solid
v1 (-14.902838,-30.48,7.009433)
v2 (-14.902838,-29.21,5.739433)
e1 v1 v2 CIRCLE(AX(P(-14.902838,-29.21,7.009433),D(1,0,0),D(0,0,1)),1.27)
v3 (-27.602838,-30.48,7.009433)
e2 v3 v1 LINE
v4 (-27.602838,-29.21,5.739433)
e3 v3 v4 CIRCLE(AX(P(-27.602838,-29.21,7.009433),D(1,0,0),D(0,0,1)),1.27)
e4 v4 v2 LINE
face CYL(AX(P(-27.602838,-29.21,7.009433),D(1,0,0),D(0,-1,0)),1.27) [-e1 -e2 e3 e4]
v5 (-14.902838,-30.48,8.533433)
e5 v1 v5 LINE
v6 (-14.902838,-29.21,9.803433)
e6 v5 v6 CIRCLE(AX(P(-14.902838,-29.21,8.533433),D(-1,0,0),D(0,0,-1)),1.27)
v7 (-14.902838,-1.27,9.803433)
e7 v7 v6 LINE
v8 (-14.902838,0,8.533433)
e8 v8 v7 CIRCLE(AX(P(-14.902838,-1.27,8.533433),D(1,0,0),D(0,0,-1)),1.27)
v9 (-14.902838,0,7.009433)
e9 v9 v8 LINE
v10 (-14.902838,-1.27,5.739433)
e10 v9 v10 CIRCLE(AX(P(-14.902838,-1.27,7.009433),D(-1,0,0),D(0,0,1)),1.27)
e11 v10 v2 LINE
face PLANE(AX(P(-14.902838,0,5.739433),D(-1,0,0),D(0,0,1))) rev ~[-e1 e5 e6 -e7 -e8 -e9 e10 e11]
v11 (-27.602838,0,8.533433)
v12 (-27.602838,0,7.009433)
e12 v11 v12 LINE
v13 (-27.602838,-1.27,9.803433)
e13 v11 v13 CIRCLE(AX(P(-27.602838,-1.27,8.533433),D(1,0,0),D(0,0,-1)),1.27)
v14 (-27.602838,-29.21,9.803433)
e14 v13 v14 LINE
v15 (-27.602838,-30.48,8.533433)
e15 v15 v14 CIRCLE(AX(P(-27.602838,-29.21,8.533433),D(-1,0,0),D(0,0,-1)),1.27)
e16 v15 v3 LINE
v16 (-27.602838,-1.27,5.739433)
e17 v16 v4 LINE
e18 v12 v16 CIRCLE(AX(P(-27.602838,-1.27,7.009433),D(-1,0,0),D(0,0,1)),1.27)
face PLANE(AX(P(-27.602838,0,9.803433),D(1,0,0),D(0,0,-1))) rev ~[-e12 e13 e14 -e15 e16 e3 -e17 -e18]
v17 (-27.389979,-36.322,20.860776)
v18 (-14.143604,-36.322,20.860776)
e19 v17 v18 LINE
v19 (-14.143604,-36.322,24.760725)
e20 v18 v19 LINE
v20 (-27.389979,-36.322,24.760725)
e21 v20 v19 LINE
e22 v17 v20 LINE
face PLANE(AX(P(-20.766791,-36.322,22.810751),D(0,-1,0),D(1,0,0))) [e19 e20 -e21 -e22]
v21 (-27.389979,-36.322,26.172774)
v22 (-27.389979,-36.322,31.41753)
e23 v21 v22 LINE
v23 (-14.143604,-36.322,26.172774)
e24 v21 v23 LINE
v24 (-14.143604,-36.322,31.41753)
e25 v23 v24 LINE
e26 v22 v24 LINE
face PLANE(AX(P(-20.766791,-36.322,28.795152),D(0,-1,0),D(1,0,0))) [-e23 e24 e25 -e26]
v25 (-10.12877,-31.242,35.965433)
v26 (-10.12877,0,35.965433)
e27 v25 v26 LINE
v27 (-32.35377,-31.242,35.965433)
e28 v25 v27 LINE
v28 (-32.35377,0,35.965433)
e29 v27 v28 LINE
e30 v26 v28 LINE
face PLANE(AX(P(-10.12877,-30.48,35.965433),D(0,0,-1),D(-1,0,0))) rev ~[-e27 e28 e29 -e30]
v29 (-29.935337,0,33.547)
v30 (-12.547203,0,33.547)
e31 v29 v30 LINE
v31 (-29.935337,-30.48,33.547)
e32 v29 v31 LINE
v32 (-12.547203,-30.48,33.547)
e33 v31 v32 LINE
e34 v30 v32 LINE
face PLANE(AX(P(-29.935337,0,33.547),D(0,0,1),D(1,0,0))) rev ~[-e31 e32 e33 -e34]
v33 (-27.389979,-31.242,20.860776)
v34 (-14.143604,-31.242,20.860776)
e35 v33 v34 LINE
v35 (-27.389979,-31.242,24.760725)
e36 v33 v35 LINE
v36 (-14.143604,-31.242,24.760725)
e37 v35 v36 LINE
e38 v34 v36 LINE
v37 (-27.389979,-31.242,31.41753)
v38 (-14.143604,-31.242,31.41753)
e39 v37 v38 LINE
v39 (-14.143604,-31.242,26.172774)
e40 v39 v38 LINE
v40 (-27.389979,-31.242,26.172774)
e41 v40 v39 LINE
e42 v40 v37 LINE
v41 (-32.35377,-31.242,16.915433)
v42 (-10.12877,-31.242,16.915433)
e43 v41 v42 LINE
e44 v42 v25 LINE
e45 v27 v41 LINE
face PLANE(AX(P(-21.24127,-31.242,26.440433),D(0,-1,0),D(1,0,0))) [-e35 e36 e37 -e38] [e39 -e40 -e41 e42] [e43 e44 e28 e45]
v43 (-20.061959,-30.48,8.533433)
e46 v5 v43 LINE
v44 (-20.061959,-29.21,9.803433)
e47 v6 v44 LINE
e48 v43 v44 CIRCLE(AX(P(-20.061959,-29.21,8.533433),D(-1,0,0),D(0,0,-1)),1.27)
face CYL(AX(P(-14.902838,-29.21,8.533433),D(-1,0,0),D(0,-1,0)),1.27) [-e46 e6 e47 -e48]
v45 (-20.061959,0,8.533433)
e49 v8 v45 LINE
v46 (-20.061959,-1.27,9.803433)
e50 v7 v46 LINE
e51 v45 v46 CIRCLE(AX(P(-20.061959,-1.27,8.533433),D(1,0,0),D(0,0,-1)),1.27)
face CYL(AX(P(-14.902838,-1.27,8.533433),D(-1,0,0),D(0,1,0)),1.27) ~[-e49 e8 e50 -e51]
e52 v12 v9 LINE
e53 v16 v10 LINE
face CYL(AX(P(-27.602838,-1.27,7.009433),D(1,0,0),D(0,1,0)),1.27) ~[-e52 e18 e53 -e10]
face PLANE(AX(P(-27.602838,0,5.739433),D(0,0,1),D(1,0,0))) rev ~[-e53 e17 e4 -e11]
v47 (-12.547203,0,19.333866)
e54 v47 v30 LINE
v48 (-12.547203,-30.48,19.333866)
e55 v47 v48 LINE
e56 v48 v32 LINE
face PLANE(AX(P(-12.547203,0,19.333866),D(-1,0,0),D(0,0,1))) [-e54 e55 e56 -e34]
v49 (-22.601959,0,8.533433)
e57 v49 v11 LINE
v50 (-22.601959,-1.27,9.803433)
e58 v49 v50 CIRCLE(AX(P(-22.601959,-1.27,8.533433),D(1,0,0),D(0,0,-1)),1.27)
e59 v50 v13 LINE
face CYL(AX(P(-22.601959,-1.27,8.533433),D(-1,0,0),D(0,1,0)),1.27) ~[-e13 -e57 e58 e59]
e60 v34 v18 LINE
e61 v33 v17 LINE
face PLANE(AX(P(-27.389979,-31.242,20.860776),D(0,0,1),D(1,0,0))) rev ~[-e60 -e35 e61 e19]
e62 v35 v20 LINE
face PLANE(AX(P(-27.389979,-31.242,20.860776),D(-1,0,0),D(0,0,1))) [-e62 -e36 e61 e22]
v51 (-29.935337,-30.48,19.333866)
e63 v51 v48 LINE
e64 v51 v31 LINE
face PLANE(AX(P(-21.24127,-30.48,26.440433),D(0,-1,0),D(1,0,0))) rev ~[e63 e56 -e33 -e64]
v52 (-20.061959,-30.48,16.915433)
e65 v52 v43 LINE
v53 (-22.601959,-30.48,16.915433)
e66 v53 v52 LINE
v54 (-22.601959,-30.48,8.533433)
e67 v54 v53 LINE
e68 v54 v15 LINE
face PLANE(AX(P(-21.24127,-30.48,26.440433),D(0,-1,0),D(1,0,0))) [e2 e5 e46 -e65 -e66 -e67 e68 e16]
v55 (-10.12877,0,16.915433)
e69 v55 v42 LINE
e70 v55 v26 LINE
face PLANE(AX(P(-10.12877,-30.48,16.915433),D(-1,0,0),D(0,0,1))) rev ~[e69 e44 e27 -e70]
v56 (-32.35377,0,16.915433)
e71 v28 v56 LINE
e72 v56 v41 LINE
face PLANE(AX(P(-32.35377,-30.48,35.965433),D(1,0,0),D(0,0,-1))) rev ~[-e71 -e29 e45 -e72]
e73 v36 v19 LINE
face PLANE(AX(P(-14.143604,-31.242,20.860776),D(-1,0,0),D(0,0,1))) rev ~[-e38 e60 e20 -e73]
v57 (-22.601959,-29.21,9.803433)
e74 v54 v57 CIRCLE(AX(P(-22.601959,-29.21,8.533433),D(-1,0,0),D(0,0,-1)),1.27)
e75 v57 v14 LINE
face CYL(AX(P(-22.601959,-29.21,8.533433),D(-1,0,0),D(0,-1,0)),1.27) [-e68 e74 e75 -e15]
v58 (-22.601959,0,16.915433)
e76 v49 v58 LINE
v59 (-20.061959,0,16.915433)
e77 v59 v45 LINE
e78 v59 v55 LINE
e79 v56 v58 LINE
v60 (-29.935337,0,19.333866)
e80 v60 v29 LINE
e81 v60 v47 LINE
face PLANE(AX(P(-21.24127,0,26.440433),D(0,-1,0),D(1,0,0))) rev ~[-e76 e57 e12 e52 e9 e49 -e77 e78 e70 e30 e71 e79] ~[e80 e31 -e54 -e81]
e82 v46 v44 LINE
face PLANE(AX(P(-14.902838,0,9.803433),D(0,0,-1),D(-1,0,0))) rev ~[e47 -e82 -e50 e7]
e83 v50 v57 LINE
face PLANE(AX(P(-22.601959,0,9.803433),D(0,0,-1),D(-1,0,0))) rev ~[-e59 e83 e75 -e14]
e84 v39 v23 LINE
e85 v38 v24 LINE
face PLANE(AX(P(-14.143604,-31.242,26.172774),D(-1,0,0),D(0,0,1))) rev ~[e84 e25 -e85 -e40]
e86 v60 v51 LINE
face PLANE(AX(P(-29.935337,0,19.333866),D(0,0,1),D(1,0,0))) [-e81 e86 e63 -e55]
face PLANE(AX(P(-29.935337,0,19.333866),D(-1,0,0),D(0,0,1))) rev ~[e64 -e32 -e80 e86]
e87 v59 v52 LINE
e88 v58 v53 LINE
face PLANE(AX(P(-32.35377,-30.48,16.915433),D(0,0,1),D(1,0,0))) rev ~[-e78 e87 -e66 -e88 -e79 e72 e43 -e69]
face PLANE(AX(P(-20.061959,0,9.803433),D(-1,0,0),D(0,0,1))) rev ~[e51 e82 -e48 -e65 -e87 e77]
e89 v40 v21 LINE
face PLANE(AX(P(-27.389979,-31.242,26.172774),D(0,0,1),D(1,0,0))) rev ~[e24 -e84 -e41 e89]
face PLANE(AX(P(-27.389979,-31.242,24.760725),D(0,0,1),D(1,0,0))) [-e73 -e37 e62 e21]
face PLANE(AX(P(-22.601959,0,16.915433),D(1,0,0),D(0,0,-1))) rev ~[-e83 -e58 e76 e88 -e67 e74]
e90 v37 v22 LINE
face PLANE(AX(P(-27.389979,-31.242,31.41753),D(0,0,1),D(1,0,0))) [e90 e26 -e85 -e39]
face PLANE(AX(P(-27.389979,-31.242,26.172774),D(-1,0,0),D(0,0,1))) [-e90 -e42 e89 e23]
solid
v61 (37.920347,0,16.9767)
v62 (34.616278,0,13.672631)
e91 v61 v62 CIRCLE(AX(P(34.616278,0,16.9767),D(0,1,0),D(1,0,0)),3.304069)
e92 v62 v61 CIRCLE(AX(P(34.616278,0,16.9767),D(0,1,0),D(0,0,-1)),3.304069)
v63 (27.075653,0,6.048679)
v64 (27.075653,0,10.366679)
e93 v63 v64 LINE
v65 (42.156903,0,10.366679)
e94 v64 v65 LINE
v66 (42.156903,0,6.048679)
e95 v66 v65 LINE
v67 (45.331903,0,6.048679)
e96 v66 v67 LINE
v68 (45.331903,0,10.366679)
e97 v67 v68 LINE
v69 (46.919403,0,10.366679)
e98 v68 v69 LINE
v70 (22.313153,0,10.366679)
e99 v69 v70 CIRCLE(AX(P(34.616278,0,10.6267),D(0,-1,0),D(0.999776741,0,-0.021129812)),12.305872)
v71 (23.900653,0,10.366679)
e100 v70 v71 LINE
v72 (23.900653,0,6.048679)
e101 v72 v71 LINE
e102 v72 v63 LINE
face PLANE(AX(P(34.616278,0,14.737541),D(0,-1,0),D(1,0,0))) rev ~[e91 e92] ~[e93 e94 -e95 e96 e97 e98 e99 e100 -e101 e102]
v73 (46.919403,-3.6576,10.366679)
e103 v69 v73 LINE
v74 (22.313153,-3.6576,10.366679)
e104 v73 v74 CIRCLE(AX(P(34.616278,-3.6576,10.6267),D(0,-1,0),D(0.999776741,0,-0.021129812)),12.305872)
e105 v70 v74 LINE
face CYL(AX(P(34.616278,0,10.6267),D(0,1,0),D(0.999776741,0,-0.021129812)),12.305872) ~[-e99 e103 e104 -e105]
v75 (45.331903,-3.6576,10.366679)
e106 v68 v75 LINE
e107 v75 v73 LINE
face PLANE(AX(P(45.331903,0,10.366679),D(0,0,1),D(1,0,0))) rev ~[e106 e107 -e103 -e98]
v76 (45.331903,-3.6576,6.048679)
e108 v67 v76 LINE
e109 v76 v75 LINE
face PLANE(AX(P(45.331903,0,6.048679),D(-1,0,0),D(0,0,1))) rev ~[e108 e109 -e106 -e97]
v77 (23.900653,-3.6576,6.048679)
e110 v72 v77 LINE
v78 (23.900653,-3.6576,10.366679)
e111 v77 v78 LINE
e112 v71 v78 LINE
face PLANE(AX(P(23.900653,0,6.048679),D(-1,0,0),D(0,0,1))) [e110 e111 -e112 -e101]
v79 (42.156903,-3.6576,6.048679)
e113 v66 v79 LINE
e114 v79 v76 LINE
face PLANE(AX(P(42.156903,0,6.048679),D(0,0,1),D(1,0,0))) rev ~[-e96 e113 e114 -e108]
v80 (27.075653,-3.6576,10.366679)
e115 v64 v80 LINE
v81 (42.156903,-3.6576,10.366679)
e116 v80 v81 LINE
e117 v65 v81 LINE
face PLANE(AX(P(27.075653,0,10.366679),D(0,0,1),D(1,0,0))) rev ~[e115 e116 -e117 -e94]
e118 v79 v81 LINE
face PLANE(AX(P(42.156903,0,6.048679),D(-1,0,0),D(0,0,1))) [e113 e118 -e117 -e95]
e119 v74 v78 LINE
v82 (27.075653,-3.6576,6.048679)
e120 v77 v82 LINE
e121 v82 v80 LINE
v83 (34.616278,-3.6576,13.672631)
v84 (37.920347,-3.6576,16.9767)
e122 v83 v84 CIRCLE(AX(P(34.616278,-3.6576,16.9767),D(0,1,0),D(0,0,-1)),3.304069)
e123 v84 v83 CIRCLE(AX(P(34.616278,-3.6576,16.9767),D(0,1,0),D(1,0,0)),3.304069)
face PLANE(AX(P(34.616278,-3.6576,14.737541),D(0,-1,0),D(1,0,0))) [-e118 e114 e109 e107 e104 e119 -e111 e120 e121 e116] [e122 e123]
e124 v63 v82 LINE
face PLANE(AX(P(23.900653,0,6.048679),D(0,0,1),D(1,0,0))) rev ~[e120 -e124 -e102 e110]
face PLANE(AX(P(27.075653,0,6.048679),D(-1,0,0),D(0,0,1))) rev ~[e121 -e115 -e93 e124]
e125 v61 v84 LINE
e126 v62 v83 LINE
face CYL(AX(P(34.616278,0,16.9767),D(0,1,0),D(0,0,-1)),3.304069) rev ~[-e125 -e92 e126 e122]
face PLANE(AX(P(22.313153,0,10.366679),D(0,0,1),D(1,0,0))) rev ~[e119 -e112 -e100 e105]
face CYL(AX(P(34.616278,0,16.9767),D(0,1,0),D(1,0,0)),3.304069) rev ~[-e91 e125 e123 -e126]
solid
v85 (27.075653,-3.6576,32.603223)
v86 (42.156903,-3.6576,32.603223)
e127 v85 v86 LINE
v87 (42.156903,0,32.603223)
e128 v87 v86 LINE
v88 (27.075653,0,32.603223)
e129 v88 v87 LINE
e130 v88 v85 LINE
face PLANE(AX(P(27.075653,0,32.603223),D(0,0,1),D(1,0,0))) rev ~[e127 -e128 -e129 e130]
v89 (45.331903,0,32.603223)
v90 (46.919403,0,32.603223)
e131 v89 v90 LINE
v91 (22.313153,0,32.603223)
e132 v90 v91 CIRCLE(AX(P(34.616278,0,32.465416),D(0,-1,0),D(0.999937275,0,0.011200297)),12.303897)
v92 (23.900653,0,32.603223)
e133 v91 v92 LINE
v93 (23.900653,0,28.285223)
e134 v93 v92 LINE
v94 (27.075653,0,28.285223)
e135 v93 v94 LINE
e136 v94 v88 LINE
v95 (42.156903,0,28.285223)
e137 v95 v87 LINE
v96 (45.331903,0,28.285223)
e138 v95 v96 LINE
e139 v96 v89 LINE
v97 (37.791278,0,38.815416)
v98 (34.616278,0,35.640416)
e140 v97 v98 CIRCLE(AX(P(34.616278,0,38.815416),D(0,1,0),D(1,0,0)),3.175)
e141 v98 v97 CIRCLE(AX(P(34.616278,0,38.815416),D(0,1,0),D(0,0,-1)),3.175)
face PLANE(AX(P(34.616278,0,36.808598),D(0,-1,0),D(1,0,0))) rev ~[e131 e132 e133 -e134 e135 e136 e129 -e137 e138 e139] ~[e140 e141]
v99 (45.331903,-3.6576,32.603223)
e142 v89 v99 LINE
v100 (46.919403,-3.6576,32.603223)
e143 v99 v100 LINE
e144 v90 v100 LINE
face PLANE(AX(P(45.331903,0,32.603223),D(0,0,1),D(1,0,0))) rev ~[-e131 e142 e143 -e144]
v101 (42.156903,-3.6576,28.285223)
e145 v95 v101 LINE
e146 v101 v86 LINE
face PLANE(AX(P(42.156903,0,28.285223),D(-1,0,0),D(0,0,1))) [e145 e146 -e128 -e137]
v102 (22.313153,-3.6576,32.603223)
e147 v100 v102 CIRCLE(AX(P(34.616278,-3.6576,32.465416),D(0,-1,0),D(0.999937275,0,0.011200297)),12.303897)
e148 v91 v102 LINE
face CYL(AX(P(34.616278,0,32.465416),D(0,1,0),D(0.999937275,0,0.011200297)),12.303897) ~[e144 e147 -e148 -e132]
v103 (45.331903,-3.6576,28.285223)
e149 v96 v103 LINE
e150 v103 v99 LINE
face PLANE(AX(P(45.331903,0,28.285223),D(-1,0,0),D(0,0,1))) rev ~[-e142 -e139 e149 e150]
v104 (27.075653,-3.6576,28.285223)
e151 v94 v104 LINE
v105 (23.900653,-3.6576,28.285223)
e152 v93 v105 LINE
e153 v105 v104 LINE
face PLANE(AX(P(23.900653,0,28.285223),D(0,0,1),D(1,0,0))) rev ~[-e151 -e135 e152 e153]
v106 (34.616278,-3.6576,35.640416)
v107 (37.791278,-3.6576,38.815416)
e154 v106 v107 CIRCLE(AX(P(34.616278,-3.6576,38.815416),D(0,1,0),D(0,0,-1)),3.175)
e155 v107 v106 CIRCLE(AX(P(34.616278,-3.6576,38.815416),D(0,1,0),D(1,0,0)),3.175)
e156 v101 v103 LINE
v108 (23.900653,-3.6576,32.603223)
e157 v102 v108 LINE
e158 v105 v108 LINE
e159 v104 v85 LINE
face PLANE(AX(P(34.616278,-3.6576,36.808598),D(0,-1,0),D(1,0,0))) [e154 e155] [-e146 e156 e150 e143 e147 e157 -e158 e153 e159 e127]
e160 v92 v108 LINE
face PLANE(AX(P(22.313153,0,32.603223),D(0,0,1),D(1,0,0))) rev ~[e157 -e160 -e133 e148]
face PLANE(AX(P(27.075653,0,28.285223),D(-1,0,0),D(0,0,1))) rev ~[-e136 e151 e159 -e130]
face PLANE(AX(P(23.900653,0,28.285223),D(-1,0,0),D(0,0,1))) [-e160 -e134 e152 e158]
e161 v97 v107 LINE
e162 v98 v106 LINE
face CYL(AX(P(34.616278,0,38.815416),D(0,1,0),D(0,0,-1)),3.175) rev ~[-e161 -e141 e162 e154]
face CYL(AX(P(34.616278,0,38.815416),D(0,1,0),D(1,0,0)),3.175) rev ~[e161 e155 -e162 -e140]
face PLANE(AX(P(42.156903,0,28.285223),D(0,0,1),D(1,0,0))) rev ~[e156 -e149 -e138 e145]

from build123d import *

# Parameters (mm, degrees)
F0_W     = 17.3881341827
F0_H     = 14.2131341827
F1_DEPTH = 30.48
F2_W     = 17.3881341827
F2_H     = 14.2131341827
F3_DEPTH = 0.762
F4_W     = 3.175
F4_H     = 4.318
F5_DEPTH = 3.6576
F6_R     = 1.27
F7_W     = 13.2463751361
F7_H     = 5.2447561175
F7_H_2   = 3.8999486715
F8_DEPTH = 5.08


with BuildPart() as f1:
    # F0 (on Front) → F1 (new body)
    with BuildSketch(Plane.XZ):
        Polygon((-10.1287699878, 35.9654333509), (-32.3537699878, 35.9654333509), (-32.3537699878, 16.9154333509), (-22.6019585633, 16.9154333509), (-21.3319585633, 16.9154333509), (-20.0619585633, 16.9154333509), (-10.1287699878, 16.9154333509), align=None)
        with Locations((-21.2412699878, 26.4404333509)):
            Rectangle(F0_W, F0_H, mode=Mode.SUBTRACT)
        Polygon((-21.3319585633, 16.9154333509), (-22.6019585633, 16.9154333509), (-22.6019585633, 9.8034333509), (-27.6028375745, 9.8034333509), (-27.6028375745, 5.7394333509), (-21.2528375745, 5.7394333509), align=None)
        Polygon((-20.0619585633, 9.8034333509), (-20.0619585633, 16.9154333509), (-21.3319585633, 16.9154333509), (-21.2528375745, 5.7394333509), (-14.9028375745, 5.7394333509), (-14.9028375745, 9.8034333509), align=None)
    extrude(amount=F1_DEPTH)

    # F2 (on face) → F3 (join)
    with BuildSketch(Plane.XZ.offset(30.48)):
        Polygon((-32.3537699878, 35.9654333509), (-32.3537699878, 16.9154333509), (-22.6019585633, 16.9154333509), (-20.0619585633, 16.9154333509), (-10.1287699878, 16.9154333509), (-10.1287699878, 35.9654333509), align=None)
        with Locations((-21.2412699878, 26.4404333509)):
            Rectangle(F2_W, F2_H, mode=Mode.SUBTRACT)
        with Locations((-21.2412699878, 26.4404333509)):
            Rectangle(F2_W, F2_H)
    extrude(amount=F3_DEPTH)

    # F6
    f6_edges = [f1.edges().sort_by_distance(p)[0] for p in [
        (-17.482398, 0, 9.803433),
        (-25.102398, -30.48, 9.803433),
        (-21.252838, -30.48, 5.739433),
        (-21.252838, 0, 5.739433),
        (-17.482398, -30.48, 9.803433),
        (-25.102398, 0, 9.803433),
    ]]
    fillet(f6_edges, radius=F6_R)

    # F7 (on face) → F8 (join)
    with BuildSketch(Plane.XZ.offset(31.242)):
        with Locations((-20.7667914219, 28.7951519713)):
            Rectangle(F7_W, F7_H)
        with Locations((-20.7667914219, 22.8107506409)):
            Rectangle(F7_W, F7_H_2)
    extrude(amount=F8_DEPTH)


with BuildPart() as f5:
    # F4 (on Front) → F5 (new body)
    with BuildSketch(Plane.XZ):
        with BuildLine():
            Line((45.3319033712, 10.3666791692), (46.9194033712, 10.3666791692))
            ThreePointArc((46.9194033712, 10.3666791692), (34.6162783712, 22.9325723409), (22.3131533712, 10.3666791692))
            Line((22.3131533712, 10.3666791692), (23.9006533712, 10.3666791692))
            Line((23.9006533712, 10.3666791692), (27.0756533712, 10.3666791692))
            Line((27.0756533712, 10.3666791692), (42.1569033712, 10.3666791692))
            Line((42.1569033712, 10.3666791692), (45.3319033712, 10.3666791692))
        make_face()
        with BuildLine():
            ThreePointArc((34.6162783712, 13.6726312353), (32.2799489852, 19.3130293252), (37.9203470751, 16.9766999392))
            ThreePointArc((37.9203470751, 16.9766999392), (36.9526077572, 14.6403705532), (34.6162783712, 13.6726312353))
        make_face(mode=Mode.SUBTRACT)
        with Locations((43.7444033712, 8.2076791692)):
            Rectangle(F4_W, F4_H)
        with Locations((25.4881533712, 8.2076791692)):
            Rectangle(F4_W, F4_H)
    extrude(amount=F5_DEPTH)


with BuildPart() as f5b:
    # F4 (on Front) → F5, piece 2 (new body)
    with BuildSketch(Plane.XZ):
        with BuildLine():
            Line((45.3319033712, 32.6032228768), (46.9194033712, 32.6032228768))
            ThreePointArc((46.9194033712, 32.6032228768), (34.6162783712, 44.7693123418), (22.3131533712, 32.6032228768))
            Line((22.3131533712, 32.6032228768), (23.9006533712, 32.6032228768))
            Line((23.9006533712, 32.6032228768), (27.0756533712, 32.6032228768))
            Line((27.0756533712, 32.6032228768), (34.6162783712, 32.6032228768))
            Line((34.6162783712, 32.6032228768), (42.1569033712, 32.6032228768))
            Line((42.1569033712, 32.6032228768), (45.3319033712, 32.6032228768))
        make_face()
        with BuildLine():
            ThreePointArc((37.7912783712, 38.8154155762), (36.8613424015, 36.5703515459), (34.6162783712, 35.6404155762))
            ThreePointArc((34.6162783712, 35.6404155762), (32.3712143409, 41.0604796065), (37.7912783712, 38.8154155762))
        make_face(mode=Mode.SUBTRACT)
        with Locations((43.7444033712, 30.4442228768)):
            Rectangle(F4_W, F4_H)
        with Locations((25.4881533712, 30.4442228768)):
            Rectangle(F4_W, F4_H)
    extrude(amount=F5_DEPTH)


solid = Compound([f1.part, f5.part, f5b.part])
